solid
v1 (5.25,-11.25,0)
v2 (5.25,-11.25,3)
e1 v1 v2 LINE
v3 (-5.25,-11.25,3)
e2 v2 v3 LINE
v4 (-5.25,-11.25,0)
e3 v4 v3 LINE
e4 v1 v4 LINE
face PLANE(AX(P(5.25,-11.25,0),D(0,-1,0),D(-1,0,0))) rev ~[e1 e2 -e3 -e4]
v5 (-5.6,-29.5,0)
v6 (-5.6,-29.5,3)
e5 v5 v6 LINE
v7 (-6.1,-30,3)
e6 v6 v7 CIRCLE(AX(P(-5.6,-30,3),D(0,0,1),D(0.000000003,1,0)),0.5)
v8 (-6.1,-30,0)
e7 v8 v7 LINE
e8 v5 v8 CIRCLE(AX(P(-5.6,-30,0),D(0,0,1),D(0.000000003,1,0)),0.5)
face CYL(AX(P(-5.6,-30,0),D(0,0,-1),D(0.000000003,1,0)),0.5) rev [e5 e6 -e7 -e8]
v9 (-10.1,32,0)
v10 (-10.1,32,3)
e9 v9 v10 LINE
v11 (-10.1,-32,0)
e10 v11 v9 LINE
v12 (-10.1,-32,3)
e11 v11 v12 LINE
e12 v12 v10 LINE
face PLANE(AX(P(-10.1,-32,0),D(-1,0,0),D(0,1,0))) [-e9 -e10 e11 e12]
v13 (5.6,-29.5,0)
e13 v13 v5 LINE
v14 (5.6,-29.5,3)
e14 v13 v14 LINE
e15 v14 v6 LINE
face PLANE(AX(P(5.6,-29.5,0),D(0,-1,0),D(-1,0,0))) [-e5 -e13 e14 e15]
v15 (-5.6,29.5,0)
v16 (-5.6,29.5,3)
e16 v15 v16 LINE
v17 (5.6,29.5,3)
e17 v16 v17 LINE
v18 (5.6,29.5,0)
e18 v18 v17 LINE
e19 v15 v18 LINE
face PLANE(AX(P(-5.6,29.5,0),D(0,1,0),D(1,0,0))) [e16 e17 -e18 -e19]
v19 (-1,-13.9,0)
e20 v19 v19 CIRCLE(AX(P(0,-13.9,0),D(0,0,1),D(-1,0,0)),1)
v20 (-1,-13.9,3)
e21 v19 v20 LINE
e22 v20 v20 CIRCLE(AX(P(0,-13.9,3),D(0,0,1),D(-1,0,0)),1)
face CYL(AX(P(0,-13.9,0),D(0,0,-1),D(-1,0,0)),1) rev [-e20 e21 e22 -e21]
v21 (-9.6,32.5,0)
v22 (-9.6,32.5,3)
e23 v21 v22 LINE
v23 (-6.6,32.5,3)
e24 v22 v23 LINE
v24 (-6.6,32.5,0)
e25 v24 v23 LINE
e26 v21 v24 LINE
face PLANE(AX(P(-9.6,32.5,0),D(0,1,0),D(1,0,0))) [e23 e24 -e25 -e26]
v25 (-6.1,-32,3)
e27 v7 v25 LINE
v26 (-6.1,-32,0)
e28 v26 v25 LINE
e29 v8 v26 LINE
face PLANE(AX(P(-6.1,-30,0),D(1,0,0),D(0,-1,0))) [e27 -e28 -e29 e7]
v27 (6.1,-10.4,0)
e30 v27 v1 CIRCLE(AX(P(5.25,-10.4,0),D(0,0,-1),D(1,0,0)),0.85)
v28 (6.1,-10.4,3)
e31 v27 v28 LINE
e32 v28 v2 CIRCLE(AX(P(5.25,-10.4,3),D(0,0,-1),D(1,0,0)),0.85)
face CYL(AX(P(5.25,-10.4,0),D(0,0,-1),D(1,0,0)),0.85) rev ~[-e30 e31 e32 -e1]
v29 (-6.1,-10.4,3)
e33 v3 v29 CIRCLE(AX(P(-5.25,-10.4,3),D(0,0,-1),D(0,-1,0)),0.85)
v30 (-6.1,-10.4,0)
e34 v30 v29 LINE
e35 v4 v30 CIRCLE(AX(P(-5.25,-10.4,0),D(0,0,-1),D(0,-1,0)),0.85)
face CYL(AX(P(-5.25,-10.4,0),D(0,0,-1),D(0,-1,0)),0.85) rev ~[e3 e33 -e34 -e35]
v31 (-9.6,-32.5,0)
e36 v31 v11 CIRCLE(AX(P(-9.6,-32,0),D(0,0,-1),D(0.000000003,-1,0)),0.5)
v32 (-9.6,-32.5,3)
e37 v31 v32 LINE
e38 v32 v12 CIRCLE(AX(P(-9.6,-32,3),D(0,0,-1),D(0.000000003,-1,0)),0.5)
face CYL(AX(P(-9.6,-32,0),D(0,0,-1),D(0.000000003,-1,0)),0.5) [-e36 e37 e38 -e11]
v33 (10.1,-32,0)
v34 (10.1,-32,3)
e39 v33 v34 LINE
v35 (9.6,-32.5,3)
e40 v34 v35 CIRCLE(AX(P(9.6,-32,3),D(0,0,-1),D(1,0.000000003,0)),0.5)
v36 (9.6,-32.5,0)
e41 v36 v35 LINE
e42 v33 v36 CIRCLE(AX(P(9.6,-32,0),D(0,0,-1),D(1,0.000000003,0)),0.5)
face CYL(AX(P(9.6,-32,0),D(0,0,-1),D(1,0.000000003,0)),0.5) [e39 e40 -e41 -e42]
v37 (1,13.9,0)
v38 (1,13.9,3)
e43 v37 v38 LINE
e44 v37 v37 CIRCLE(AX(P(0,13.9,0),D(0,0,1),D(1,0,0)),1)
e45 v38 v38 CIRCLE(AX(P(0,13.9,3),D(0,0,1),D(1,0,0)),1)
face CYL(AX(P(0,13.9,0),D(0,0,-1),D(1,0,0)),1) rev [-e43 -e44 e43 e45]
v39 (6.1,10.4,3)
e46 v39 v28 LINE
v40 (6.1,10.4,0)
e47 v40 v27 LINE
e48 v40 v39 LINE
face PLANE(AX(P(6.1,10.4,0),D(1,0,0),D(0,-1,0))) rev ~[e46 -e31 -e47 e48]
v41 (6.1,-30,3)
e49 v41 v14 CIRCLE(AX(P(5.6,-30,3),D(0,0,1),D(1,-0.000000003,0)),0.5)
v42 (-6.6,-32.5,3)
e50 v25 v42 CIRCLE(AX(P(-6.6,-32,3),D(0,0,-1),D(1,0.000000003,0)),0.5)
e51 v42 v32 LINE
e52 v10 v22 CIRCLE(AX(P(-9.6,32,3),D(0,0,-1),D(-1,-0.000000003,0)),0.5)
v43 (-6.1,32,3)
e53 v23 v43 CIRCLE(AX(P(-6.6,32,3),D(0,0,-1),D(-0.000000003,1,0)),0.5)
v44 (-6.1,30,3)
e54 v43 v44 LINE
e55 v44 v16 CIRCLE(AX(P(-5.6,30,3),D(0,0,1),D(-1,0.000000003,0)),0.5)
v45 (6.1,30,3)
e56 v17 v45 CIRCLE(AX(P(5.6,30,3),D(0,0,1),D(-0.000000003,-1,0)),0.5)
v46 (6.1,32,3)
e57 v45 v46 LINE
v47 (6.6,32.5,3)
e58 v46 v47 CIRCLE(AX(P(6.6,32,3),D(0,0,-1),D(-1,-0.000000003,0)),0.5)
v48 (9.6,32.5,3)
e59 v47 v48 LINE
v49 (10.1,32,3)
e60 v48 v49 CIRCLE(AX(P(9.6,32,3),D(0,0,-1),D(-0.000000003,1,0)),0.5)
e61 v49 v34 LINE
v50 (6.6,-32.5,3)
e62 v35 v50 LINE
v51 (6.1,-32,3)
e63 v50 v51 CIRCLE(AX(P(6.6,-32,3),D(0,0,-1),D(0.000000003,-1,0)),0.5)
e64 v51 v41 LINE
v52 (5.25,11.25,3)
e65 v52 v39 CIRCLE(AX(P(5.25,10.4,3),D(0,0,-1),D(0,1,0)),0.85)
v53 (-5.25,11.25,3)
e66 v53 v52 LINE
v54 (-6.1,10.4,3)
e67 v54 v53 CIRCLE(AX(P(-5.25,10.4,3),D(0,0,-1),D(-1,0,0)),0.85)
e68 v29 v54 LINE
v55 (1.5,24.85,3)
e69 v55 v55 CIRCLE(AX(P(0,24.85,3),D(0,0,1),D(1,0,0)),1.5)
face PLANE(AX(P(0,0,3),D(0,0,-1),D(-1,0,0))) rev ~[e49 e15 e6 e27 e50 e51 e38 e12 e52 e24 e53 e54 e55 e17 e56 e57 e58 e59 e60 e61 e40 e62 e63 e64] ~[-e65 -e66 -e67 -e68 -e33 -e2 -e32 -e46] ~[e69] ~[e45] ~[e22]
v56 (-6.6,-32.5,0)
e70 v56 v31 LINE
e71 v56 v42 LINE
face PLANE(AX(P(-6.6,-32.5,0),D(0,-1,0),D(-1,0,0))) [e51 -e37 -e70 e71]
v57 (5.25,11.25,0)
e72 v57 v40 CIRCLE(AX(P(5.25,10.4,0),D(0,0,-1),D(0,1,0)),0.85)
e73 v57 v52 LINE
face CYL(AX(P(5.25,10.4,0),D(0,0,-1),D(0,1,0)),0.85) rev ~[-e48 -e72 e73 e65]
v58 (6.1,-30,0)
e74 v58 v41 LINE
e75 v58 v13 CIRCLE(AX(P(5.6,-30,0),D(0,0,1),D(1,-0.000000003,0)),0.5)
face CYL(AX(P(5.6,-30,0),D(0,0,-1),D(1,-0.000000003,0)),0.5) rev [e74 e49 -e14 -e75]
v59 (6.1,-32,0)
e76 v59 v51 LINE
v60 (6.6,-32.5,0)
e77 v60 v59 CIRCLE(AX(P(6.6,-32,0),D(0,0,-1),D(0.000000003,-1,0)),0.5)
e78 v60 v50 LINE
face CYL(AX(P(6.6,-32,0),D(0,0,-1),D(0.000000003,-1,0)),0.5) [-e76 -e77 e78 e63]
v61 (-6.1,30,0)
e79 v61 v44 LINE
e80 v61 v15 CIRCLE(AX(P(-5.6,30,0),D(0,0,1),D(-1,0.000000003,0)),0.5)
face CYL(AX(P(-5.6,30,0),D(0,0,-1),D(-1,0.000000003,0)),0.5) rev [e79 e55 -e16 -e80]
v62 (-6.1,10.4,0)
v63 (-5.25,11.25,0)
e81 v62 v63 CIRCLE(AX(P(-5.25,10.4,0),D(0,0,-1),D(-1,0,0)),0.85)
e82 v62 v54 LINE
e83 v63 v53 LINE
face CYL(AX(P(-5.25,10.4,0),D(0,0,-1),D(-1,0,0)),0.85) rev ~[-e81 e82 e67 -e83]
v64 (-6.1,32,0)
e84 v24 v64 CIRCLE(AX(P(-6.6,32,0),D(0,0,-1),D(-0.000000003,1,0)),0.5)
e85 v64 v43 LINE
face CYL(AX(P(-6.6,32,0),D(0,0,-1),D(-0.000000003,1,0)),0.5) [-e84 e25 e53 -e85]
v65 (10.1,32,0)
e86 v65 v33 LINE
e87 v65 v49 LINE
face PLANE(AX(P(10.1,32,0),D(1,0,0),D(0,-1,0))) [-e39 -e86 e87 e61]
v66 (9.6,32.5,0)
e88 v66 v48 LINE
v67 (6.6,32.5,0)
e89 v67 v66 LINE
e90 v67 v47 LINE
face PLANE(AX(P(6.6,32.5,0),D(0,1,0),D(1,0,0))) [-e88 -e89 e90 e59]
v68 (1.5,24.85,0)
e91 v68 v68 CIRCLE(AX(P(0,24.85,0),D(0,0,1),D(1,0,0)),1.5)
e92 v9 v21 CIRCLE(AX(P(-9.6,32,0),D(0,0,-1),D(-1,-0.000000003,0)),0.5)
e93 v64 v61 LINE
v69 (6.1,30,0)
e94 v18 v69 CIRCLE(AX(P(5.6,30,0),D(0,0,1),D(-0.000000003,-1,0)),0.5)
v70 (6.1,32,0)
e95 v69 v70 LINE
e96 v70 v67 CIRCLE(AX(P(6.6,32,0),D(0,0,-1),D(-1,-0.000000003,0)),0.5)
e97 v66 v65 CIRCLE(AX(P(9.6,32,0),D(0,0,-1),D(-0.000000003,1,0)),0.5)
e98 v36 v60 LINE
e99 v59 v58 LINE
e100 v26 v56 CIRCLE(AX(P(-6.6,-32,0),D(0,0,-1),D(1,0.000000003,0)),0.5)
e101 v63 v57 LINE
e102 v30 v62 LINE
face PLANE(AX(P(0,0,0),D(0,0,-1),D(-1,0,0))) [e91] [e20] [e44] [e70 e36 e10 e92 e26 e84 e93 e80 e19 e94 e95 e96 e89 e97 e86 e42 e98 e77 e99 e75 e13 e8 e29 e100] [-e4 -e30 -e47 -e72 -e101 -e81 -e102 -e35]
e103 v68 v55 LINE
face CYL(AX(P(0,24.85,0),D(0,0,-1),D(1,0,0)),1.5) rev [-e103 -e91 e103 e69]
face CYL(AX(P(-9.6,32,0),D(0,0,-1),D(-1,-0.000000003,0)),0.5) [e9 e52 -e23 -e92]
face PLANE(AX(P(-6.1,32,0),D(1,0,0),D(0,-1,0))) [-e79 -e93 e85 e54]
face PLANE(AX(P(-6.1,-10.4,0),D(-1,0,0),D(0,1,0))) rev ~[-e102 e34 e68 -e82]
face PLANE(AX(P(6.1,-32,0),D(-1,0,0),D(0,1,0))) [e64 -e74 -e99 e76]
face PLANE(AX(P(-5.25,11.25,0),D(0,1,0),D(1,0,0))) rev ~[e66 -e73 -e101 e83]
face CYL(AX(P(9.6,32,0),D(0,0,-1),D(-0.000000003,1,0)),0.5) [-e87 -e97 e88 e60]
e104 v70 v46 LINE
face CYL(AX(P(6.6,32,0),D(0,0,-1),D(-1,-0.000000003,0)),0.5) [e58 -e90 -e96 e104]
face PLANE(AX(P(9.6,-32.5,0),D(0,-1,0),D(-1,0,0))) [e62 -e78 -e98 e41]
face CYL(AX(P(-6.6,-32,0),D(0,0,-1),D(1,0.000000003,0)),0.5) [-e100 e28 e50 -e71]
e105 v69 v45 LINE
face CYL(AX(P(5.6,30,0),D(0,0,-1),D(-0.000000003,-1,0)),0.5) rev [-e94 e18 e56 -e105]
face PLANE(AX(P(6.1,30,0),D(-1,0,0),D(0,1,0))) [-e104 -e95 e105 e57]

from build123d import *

# Parameters (mm, degrees)
SKETCH1_R           = 1
SKETCH1_R_2         = 1.5
BOSS_EXTRUDE1_DEPTH = 3


with BuildPart() as part:
    # Sketch1 → Boss-Extrude1 (new body)
    with BuildSketch(Plane.XY):
        with BuildLine():
            Line((5.6, -29.5), (-5.6, -29.5))
            ThreePointArc((-5.6, -29.5), (-5.953553391, -29.646446609), (-6.1, -30))
            Line((-6.1, -30), (-6.1, -32))
            ThreePointArc((-6.1, -32), (-6.246446609, -32.353553391), (-6.6, -32.5))
            Line((-6.6, -32.5), (-9.6, -32.5))
            ThreePointArc((-9.6, -32.5), (-9.953553391, -32.353553391), (-10.1, -32))
            Line((-10.1, -32), (-10.1, -22.5))
            Line((-10.1, -22.5), (-10.1, 22.5))
            Line((-10.1, 22.5), (-10.1, 32))
            ThreePointArc((-10.1, 32), (-9.953553391, 32.353553391), (-9.6, 32.5))
            Line((-9.6, 32.5), (-6.6, 32.5))
            ThreePointArc((-6.6, 32.5), (-6.246446609, 32.353553391), (-6.1, 32))
            Line((-6.1, 32), (-6.1, 30))
            ThreePointArc((-6.1, 30), (-5.953553391, 29.646446609), (-5.6, 29.5))
            Line((-5.6, 29.5), (5.6, 29.5))
            ThreePointArc((5.6, 29.5), (5.953553391, 29.646446609), (6.1, 30))
            Line((6.1, 30), (6.1, 32))
            ThreePointArc((6.1, 32), (6.246446609, 32.353553391), (6.6, 32.5))
            Line((6.6, 32.5), (9.6, 32.5))
            ThreePointArc((9.6, 32.5), (9.953553391, 32.353553391), (10.1, 32))
            Line((10.1, 32), (10.1, 22.5))
            Line((10.1, 22.5), (10.1, -22.5))
            Line((10.1, -22.5), (10.1, -32))
            ThreePointArc((10.1, -32), (9.953553391, -32.353553391), (9.6, -32.5))
            Line((9.6, -32.5), (6.6, -32.5))
            ThreePointArc((6.6, -32.5), (6.246446609, -32.353553391), (6.1, -32))
            Line((6.1, -32), (6.1, -30))
            ThreePointArc((6.1, -30), (5.953553391, -29.646446609), (5.6, -29.5))
        make_face()
        with Locations((0, 13.9)):
            Circle(SKETCH1_R, mode=Mode.SUBTRACT)
        with Locations(Location((0, -13.9, 0), (0, 0, 180))):
            Circle(SKETCH1_R, mode=Mode.SUBTRACT)
        with Locations((0, 24.85)):
            Circle(SKETCH1_R_2, mode=Mode.SUBTRACT)
        with BuildLine():
            Line((5.25, -11.25), (-5.25, -11.25))
            ThreePointArc((-5.25, -11.25), (-5.851040764, -11.001040764), (-6.1, -10.4))
            Line((-6.1, -10.4), (-6.1, 10.4))
            ThreePointArc((-6.1, 10.4), (-5.851040764, 11.001040764), (-5.25, 11.25))
            Line((-5.25, 11.25), (5.25, 11.25))
            ThreePointArc((5.25, 11.25), (5.851040764, 11.001040764), (6.1, 10.4))
            Line((6.1, 10.4), (6.1, -10.4))
            ThreePointArc((6.1, -10.4), (5.851040764, -11.001040764), (5.25, -11.25))
        make_face(mode=Mode.SUBTRACT)
    extrude(amount=BOSS_EXTRUDE1_DEPTH)


solid = part.part
